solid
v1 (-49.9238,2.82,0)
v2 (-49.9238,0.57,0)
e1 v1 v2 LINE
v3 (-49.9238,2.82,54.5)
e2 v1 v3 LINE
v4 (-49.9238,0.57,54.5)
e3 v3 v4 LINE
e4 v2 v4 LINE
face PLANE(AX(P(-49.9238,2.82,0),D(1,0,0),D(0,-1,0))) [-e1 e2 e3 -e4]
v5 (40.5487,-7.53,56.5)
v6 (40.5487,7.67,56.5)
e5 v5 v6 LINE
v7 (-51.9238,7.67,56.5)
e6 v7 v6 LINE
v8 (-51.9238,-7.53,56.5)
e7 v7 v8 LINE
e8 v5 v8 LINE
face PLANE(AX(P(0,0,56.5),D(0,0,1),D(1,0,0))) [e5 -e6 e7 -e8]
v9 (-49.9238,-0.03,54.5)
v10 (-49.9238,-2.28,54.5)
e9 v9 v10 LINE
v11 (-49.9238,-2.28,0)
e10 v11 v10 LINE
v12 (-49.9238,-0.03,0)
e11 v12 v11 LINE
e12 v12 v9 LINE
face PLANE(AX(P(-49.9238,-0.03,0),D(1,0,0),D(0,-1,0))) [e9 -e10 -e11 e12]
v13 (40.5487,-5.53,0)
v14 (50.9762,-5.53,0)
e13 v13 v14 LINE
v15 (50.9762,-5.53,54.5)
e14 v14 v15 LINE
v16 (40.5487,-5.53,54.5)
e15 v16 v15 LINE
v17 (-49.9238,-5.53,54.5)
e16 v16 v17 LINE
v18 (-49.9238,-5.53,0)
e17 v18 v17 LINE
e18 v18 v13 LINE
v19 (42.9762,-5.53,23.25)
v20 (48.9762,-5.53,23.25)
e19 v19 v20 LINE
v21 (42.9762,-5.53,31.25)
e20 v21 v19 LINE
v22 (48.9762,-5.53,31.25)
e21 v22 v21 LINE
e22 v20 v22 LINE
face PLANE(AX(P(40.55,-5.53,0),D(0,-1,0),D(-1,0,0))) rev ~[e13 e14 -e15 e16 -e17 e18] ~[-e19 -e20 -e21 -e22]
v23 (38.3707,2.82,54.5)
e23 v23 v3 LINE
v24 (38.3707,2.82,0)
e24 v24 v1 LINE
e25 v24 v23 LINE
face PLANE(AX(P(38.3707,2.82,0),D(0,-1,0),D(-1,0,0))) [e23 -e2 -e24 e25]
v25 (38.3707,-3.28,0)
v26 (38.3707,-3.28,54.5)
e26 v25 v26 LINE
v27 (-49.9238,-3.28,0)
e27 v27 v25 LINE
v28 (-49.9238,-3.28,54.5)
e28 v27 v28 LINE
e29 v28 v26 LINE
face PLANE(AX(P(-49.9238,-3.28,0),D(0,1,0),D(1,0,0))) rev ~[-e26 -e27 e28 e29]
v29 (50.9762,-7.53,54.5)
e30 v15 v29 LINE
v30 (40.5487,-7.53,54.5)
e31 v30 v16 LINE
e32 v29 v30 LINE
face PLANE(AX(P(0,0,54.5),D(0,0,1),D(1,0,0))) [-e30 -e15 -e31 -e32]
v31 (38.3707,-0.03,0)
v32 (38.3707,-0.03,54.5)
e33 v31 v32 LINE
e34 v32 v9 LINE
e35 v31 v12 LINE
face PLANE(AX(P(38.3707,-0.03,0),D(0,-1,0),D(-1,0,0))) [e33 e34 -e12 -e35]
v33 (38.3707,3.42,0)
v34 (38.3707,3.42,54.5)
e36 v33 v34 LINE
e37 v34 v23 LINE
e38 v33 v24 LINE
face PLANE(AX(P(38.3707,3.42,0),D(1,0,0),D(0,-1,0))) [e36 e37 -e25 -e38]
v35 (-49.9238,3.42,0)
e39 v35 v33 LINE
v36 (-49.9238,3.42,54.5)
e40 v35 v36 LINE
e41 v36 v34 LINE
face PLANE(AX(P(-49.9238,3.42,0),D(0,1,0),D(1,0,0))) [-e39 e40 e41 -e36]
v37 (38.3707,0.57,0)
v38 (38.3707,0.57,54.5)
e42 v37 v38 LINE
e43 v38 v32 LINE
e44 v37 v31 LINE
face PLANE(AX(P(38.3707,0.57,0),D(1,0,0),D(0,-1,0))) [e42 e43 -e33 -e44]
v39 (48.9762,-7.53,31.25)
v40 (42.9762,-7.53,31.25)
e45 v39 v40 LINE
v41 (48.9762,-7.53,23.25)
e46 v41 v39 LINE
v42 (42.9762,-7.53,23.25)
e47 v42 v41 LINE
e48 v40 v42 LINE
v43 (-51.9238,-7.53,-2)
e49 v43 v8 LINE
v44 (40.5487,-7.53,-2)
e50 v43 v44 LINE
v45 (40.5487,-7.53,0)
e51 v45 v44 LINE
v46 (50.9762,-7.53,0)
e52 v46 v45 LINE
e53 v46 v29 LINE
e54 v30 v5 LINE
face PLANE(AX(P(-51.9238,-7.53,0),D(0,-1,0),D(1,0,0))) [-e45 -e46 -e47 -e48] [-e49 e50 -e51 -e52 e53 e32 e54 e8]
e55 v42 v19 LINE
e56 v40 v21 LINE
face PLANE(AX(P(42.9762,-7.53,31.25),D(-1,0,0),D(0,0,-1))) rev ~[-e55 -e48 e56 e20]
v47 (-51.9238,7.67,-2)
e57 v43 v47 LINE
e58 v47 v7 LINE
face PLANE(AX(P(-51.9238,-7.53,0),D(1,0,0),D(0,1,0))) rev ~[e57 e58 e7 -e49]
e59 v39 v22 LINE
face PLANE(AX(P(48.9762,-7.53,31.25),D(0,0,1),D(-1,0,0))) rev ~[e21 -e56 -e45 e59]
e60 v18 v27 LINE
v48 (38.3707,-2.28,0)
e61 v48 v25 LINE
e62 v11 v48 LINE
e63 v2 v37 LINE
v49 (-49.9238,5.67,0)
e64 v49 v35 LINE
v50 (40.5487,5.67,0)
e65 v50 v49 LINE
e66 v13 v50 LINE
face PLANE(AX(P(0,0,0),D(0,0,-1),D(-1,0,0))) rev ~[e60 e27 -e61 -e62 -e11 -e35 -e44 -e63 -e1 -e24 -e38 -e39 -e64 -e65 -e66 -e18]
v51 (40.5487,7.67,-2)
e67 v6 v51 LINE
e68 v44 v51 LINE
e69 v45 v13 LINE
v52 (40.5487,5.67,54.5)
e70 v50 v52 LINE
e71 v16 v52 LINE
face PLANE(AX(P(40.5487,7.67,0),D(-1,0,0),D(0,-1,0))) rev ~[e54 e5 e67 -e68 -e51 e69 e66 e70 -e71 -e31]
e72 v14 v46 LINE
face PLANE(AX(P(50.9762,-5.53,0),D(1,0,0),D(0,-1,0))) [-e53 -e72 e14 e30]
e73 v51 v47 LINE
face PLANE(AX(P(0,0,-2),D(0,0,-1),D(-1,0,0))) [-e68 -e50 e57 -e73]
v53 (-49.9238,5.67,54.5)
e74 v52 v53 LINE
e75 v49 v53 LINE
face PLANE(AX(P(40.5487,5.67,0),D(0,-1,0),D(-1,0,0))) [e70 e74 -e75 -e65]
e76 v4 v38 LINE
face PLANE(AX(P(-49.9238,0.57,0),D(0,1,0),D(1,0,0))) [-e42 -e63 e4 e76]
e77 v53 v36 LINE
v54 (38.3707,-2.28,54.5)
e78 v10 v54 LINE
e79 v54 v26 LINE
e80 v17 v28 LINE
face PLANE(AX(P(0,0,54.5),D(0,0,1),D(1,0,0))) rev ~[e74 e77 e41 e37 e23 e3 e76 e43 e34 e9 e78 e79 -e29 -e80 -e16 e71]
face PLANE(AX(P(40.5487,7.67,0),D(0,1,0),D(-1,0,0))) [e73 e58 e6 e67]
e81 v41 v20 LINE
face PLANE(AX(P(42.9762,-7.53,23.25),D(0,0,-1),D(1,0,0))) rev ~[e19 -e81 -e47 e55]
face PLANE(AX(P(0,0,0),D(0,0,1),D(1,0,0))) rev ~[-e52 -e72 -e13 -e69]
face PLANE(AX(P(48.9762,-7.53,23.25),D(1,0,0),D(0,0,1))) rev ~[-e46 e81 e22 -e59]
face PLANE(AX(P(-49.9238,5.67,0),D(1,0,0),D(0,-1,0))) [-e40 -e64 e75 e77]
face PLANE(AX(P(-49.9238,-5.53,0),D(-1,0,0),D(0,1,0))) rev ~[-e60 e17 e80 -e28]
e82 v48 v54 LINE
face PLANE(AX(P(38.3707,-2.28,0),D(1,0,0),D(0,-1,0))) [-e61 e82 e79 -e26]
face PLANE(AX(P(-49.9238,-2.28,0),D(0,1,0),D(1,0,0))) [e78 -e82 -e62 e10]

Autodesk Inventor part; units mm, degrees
ref_plane "YZ Plane" through (0, 0, 0) normal (1, 0, 0) x (0, 1, 0)
ref_plane "XZ Plane" through (0, 0, 0) normal (0, 1, 0) x (-1, 0, 0)
ref_plane "XY Plane" through (0, 0, 0) normal (0, 0, 1) x (1, 0, 0)
sketch "Sketch1" plane through (0, 0, 0) normal (0, 0, 1) x (1, 0, 0)
  line L0 (-51.9238, 7.67) -> (40.5487, 7.67)
  line L1 (50.9762, -5.53) -> (50.9762, -7.53)
  line L2 (50.9762, -7.53) -> (-51.9238, -7.53)
  line L3 (-51.9238, -7.53) -> (-51.9238, 7.67)
  line L4 (-51.9238, 7.67) -> (50.9762, -7.53) construction
  line L5 (50.8142, 7.3691) -> (-51.9238, -7.53) construction
  line L6 (40.55, -5.53) -> (50.9762, -5.53)
  line L7 (40.5487, 5.67) -> (-49.9238, 5.67)
  line L8 (-49.9238, 5.67) -> (-49.9238, 3.42)
  line L9 (-49.9238, 3.42) -> (38.3707, 3.42)
  line L10 (40.5487, 7.67) -> (40.5487, 5.8804)
  line L11 (40.55, -5.53) -> (-49.9238, -5.53)
  line L12 (-49.9238, -5.53) -> (-49.9238, -3.28)
  line L13 (-49.9238, -3.28) -> (38.3707, -3.28)
  line L14 (40.5487, 5.8804) -> (40.5487, 5.67)
  line L15 (38.3707, 2.82) -> (-49.9238, 2.82)
  line L16 (-49.9238, 2.82) -> (-49.9238, 0.57)
  line L17 (-49.9238, 0.57) -> (38.3707, 0.57)
  line L18 (38.3707, 3.42) -> (38.3707, 2.82)
  line L19 (38.3707, -0.03) -> (-49.9238, -0.03)
  line L20 (-49.9238, -0.03) -> (-49.9238, -2.28)
  line L21 (-49.9238, -2.28) -> (38.3707, -2.28)
  line L22 (38.3707, 0.57) -> (38.3707, -0.03)
  line L23 (38.3707, -2.28) -> (38.3707, -3.28)
  point P0 (0, 0)
  dimension "d0" = 102.9
  dimension "d1" = 14.9
  dimension "d3" = 2
  dimension "d4" = 2
  dimension "d5" = 2.25
  dimension "d6" = 2
  dimension "d7" = 2
  dimension "d8" = 2.25
  dimension "d10" = 0.6
  dimension "d11" = 2.25
  dimension "d12" = 2
  dimension "d13" = 0.6
  dimension "d14" = 2.25
  dimension "d15" = 1
  dimension "d16" = 2
extrude "Extrusion1" add sketch "Sketch1" along normal blind 54.5
sketch "Sketch2" plane through (0, 0, 54.5) normal (0, 0, 1) x (1, 0, 0)
  line L0 (-51.9238, 7.67) -> (40.5487, 7.67) projected
  line L1 (50.9762, -7.53) -> (-51.9238, -7.53) projected
  line L2 (40.5487, 7.67) -> (-51.9238, 7.67)
  line L3 (-51.9238, 7.67) -> (-51.9238, -7.53)
  line L4 (-51.9238, -7.53) -> (40.5487, -7.53)
  line L5 (40.5487, -7.53) -> (40.5487, 7.67)
  point P0 (0, 0)
extrude "Extrusion2" add sketch "Sketch2" along normal blind 2
sketch "Sketch3" plane through (0, 0, 0) normal (0, 0, -1) x (-1, 0, 0)
  line L0 (-40.5487, 7.67) -> (-40.5487, 5.67) projected
  line L1 (51.9238, -7.53) -> (51.9238, 7.67) projected
  line L2 (-40.5487, 7.67) -> (51.9238, 7.67)
  line L3 (51.9238, 7.67) -> (51.9238, -7.53)
  line L4 (51.9238, -7.53) -> (-40.5487, -7.53)
  line L5 (-40.5487, -7.53) -> (-40.5487, 7.67)
  point P0 (0, 0)
extrude "Extrusion3" add sketch "Sketch3" along normal blind 2
sketch "Sketch4" plane through (40.5487, -7.53, 0) normal (0, -1, 0) x (1, 0, 0)
  line L0 (8.4275, 31.25) -> (2.4275, 31.25)
  line L1 (2.4275, 31.25) -> (2.4275, 23.25)
  line L2 (2.4275, 23.25) -> (8.4275, 23.25)
  line L3 (8.4275, 23.25) -> (8.4275, 31.25)
  line L4 (10.4275, 0) -> (10.4275, 54.5) projected
  line L5 (10.4275, 0) -> (0, 0) projected
  point P0 (-40.5487, 0)
  dimension "d23" = 2
  dimension "d24" = 8
  dimension "d25" = 6
  dimension "d26" = 23.25
extrude "Extrusion4" cut sketch "Sketch4" against normal blind 2
properties part number "CardBox_4slots"
